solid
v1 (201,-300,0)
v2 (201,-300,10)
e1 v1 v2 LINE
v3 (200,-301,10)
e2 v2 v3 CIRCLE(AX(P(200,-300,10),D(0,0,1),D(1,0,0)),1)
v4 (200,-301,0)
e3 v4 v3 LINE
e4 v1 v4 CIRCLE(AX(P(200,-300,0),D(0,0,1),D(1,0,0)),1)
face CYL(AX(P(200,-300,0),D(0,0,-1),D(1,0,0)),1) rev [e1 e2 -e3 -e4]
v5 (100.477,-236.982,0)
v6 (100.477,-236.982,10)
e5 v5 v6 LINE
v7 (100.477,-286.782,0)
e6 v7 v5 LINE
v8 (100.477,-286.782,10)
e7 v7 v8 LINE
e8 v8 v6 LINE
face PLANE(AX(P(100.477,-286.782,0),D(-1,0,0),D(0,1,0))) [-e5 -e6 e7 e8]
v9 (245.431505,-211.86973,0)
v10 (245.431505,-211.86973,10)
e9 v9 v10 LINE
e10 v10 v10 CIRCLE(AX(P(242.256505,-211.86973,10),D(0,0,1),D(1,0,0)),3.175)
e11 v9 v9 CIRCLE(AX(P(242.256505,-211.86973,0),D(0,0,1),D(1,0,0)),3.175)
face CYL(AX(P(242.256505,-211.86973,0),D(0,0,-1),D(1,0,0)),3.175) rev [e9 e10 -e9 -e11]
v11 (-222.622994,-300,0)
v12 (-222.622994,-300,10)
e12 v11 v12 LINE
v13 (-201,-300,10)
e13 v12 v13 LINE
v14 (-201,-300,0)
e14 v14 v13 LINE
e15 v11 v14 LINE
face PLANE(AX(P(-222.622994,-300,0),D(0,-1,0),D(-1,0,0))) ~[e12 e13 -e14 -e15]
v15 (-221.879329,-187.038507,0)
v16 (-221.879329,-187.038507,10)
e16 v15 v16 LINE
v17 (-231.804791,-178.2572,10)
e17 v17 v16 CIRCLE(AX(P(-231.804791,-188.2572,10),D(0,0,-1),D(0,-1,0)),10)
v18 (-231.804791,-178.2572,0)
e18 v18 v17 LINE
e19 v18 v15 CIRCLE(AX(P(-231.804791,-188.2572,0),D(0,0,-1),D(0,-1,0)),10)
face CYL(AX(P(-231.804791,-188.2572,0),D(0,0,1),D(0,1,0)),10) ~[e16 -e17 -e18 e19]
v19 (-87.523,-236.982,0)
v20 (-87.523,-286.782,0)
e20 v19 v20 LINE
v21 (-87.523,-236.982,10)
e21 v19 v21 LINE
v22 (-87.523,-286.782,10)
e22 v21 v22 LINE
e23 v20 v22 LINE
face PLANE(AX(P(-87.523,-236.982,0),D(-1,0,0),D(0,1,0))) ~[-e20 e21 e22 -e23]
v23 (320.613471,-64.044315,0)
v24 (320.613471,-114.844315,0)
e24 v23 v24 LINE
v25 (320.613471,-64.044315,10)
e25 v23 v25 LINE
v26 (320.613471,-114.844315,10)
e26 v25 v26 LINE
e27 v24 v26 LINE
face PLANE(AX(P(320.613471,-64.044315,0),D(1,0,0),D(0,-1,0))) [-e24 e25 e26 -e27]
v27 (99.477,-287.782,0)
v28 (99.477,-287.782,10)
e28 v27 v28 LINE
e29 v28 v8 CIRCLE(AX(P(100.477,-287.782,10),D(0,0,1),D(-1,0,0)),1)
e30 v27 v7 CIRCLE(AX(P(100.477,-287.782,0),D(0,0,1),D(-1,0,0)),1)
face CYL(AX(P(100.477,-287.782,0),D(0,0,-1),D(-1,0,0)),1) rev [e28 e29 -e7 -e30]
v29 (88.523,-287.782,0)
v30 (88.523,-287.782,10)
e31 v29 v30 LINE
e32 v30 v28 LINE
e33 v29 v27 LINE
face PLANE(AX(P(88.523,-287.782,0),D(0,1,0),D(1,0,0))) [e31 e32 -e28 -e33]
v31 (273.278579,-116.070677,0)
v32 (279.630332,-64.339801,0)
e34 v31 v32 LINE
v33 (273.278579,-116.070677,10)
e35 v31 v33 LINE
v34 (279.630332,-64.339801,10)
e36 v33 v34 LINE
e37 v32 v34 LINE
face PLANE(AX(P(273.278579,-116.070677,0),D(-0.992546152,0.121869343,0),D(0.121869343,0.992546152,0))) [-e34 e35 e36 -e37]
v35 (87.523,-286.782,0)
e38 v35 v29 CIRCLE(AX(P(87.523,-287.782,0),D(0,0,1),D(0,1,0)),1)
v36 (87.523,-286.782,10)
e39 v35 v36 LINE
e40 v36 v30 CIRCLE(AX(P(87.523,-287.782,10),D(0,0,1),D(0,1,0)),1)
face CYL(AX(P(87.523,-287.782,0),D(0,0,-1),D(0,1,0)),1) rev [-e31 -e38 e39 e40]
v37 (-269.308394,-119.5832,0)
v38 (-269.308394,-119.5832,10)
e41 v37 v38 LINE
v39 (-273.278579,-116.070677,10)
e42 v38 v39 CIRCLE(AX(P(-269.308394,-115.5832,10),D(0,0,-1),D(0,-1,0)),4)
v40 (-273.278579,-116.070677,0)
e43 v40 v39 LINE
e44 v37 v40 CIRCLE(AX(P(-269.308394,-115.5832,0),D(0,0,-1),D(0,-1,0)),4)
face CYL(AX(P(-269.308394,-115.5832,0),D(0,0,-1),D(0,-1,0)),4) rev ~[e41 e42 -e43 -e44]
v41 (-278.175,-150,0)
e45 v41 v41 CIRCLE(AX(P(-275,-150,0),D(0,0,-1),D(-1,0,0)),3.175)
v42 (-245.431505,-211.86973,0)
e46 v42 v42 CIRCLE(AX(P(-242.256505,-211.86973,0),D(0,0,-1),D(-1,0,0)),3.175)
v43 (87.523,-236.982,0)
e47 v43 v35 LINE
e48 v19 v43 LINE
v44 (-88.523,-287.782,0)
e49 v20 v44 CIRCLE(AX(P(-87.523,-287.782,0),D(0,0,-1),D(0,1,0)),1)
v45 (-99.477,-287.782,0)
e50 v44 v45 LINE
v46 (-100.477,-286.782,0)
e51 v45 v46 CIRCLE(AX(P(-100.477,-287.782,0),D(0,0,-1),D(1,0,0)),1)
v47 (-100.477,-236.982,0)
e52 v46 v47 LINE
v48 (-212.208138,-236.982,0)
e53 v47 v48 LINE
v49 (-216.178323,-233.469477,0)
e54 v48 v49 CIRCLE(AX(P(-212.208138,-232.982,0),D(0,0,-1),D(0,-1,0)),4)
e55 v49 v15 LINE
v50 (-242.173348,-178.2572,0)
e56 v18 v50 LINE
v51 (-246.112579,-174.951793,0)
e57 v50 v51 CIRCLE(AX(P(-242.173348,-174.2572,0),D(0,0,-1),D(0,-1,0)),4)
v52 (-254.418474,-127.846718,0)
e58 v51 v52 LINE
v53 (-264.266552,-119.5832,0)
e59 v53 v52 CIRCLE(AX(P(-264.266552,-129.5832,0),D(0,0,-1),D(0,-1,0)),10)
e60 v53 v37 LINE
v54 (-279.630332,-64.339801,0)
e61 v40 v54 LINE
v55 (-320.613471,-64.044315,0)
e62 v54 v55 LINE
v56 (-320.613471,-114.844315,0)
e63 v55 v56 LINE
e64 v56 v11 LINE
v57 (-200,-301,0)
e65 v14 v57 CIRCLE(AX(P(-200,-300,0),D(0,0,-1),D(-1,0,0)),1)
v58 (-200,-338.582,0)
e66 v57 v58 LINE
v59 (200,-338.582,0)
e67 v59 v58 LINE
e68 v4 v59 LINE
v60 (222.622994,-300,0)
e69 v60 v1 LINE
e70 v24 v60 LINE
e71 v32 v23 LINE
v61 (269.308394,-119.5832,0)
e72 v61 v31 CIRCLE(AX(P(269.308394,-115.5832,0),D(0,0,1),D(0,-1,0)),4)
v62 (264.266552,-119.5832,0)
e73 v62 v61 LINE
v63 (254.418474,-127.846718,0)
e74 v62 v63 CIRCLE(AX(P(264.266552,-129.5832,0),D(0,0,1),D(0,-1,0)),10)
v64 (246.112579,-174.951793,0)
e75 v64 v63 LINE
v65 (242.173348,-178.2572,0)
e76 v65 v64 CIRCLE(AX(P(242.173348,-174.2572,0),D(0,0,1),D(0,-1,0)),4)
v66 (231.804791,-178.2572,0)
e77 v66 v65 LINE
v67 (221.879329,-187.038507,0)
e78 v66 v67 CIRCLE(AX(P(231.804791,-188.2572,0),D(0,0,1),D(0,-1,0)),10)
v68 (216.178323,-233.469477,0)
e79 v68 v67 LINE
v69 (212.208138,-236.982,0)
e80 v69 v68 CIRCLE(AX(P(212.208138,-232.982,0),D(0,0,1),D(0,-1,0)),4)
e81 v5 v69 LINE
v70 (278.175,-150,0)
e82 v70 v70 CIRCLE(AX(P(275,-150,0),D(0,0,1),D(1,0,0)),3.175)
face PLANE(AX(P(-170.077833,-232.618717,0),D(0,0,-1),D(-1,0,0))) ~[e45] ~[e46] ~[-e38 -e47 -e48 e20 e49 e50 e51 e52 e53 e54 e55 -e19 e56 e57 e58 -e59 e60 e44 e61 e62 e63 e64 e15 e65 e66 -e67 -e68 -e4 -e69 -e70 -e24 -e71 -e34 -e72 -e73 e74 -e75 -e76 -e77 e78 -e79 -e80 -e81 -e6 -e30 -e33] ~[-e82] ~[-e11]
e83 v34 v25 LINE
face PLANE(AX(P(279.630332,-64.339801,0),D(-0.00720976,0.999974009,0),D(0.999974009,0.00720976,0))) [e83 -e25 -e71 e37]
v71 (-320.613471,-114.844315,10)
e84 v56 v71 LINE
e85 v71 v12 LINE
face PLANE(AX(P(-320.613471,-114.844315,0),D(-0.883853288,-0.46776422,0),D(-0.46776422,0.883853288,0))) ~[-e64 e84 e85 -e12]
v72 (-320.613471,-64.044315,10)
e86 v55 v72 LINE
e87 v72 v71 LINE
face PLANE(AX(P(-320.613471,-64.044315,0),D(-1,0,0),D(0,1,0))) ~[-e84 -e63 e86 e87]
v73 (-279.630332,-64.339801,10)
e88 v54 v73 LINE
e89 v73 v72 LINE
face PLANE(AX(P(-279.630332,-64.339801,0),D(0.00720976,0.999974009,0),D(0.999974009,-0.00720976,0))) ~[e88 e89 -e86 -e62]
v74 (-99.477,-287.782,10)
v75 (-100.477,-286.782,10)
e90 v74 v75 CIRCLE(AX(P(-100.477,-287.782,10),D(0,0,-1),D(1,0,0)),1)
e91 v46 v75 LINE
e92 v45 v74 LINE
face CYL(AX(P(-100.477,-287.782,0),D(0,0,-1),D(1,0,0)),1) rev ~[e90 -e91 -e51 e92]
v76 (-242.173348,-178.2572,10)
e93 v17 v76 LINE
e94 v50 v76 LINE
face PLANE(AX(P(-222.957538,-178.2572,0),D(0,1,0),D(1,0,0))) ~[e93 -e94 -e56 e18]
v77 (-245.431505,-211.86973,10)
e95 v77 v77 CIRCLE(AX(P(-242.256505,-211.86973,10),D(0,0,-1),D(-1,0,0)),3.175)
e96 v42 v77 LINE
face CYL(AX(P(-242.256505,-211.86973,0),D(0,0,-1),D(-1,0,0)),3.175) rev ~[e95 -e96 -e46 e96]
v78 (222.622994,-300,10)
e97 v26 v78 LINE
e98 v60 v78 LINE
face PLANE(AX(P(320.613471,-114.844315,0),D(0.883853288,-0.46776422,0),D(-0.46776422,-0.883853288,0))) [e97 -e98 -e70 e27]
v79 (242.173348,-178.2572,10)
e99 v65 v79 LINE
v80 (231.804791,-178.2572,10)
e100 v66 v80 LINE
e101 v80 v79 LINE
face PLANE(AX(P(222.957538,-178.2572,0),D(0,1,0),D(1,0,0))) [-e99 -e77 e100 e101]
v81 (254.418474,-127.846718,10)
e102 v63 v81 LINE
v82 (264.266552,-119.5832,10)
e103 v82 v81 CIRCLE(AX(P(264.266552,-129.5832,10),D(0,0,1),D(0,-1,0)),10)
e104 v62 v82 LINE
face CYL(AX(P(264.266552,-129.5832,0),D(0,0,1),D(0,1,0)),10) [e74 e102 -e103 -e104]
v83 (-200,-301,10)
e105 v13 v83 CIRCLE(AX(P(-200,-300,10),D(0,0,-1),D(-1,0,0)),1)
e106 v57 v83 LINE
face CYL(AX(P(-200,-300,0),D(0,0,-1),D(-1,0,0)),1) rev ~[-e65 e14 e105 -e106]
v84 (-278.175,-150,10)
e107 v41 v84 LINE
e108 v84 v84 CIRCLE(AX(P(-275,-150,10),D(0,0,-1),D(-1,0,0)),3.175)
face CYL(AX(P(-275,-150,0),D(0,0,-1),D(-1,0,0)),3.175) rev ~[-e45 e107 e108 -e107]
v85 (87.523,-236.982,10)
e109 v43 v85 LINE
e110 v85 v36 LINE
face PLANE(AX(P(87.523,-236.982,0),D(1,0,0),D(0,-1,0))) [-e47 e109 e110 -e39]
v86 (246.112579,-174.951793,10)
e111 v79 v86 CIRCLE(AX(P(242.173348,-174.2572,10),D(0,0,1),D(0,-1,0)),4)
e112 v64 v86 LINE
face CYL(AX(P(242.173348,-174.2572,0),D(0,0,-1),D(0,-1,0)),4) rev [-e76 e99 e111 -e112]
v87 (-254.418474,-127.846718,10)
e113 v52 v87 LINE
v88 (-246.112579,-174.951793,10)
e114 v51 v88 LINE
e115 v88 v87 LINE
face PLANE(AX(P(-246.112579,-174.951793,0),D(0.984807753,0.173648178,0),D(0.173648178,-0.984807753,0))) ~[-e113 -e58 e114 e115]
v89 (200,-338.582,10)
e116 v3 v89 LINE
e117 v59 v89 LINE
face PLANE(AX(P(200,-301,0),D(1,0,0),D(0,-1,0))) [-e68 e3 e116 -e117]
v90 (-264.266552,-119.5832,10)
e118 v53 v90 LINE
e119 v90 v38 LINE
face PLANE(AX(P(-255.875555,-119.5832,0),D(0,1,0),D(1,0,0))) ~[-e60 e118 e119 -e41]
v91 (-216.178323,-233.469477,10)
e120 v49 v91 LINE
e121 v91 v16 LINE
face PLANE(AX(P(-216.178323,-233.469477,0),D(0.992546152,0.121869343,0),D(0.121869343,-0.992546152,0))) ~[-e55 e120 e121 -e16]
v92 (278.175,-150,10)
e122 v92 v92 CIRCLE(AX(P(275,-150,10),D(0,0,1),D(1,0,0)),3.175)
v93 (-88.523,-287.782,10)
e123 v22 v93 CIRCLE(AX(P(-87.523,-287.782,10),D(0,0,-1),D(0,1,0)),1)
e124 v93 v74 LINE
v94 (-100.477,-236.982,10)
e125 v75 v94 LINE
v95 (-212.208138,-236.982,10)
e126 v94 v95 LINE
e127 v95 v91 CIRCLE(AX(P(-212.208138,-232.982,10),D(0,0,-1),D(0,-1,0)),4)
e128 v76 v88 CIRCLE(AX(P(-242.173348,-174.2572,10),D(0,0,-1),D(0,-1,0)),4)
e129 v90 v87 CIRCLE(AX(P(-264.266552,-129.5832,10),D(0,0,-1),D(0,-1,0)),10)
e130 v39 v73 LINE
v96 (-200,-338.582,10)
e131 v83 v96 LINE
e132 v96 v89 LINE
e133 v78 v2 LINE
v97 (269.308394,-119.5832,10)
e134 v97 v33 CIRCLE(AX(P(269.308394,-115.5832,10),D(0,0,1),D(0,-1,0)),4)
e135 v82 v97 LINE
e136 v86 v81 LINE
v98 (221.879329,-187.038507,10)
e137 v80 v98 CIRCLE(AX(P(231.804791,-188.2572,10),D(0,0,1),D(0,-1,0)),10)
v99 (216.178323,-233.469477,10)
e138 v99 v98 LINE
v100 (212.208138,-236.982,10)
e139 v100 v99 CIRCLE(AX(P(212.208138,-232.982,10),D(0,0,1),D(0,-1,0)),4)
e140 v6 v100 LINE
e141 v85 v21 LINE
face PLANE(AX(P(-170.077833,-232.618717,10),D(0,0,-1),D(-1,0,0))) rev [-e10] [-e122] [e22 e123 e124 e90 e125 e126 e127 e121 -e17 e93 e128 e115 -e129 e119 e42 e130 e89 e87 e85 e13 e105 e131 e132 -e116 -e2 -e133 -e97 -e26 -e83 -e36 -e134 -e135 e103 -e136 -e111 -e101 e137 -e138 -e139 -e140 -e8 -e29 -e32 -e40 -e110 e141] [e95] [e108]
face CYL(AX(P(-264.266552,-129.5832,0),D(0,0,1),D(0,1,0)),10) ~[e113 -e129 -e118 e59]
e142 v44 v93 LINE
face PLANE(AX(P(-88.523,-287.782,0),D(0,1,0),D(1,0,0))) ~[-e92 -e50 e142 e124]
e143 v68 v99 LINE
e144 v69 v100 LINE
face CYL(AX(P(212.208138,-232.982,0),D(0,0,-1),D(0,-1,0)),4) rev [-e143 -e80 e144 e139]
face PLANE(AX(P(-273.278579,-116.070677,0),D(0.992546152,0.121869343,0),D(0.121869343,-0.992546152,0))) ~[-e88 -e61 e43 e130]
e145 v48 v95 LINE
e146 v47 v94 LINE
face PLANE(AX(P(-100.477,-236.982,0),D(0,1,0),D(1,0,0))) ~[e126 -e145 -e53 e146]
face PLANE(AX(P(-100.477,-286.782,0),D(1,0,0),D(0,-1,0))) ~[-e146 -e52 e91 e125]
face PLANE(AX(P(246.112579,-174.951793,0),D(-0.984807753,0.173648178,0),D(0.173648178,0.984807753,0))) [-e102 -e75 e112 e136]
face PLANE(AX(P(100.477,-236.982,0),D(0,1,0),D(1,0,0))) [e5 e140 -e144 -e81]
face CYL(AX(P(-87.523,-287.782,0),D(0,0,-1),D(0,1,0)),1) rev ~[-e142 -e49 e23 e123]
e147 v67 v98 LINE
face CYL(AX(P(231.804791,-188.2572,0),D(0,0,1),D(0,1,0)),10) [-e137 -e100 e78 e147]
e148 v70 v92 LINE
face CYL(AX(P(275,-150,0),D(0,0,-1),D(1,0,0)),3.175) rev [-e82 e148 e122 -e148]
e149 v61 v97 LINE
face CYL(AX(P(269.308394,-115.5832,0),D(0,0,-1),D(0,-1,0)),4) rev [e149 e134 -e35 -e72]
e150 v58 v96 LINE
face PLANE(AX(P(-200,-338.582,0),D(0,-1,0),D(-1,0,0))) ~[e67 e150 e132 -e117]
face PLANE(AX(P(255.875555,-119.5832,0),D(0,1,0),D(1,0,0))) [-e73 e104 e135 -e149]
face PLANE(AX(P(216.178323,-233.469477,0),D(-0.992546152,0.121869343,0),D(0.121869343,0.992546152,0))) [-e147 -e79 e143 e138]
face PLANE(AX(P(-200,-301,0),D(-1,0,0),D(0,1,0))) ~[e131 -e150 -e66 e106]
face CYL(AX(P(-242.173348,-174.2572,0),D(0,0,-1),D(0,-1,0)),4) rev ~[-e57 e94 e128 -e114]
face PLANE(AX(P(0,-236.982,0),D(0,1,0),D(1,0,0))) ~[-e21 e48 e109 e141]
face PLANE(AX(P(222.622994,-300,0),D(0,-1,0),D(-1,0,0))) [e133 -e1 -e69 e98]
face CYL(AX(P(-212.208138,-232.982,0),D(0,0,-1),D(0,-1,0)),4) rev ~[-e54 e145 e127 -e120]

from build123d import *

# Parameters (mm, degrees)
SKETCH2_R            = 3.175
BOSS_EXTRUDE1_DEPTH  = 10
FILLET1_R            = 10
FILLET1_OF_MIRROR1_R = 10


with BuildPart() as part:
    # Sketch2 → Boss-Extrude1 (new body)
    with BuildSketch(Plane.XY):
        with BuildLine():
            Line((222.622994392, -300), (320.613470585, -114.844314923))
            Line((320.613470585, -114.844314923), (320.613470585, -64.044314923))
            Line((320.613470585, -64.044314923), (279.630331697, -64.339801211))
            Line((279.630331697, -64.339801211), (273.278578782, -116.070677374))
            ThreePointArc((273.278578782, -116.070677374), (271.958874368, -118.579022883), (269.308394175, -119.5832))
            Line((269.308394175, -119.5832), (255.875555496, -119.5832))
            Line((255.875555496, -119.5832), (246.112578717, -174.951792711))
            ThreePointArc((246.112578717, -174.951792711), (244.744498144, -177.321377772), (242.173347705, -178.2572))
            Line((242.173347705, -178.2572), (222.957537911, -178.2572))
            Line((222.957537911, -178.2572), (216.178322678, -233.469477374))
            ThreePointArc((216.178322678, -233.469477374), (214.858618264, -235.977822883), (212.208138071, -236.982))
            Line((212.208138071, -236.982), (100.477, -236.982))
            Line((100.477, -236.982), (100.477, -286.782))
            ThreePointArc((100.477, -286.782), (101.184106781, -288.489106781), (99.477, -287.782))
            Line((99.477, -287.782), (88.523, -287.782))
            ThreePointArc((88.523, -287.782), (86.815893219, -288.489106781), (87.523, -286.782))
            Line((87.523, -286.782), (87.523, -236.982))
            Line((87.523, -236.982), (0, -236.982))
            Line((0, -236.982), (0, -338.582))
            Line((0, -338.582), (200, -338.582))
            Line((200, -338.582), (200, -301))
            ThreePointArc((200, -301), (199.292893219, -299.292893219), (201, -300))
            Line((201, -300), (222.622994392, -300))
        make_face()
        with Locations((242.256504613, -211.869730158)):
            Circle(SKETCH2_R, mode=Mode.SUBTRACT)
        with Locations((275, -150)):
            Circle(SKETCH2_R, mode=Mode.SUBTRACT)
    boss_extrude1 = extrude(amount=BOSS_EXTRUDE1_DEPTH)

    # Fillet1
    fillet1_edges = [part.edges().sort_by_distance(p)[0] for p in [
        (222.957537911, -178.2572, 5),
        (255.875555496, -119.5832, 5),
    ]]
    fillet(fillet1_edges, radius=FILLET1_R)

    # Mirror1: Boss-Extrude1 across plane
    add(boss_extrude1.mirror(Plane(origin=(0, 0, 10), x_dir=(0, 0, 1), z_dir=(1, 0, 0))))

    # Fillet1 of Mirror1
    fillet1_of_mirror1_edges = [part.edges().sort_by_distance(p)[0] for p in [
        (-222.957537911, -178.2572, 5),
        (-255.875555496, -119.5832, 5),
    ]]
    fillet(fillet1_of_mirror1_edges, radius=FILLET1_OF_MIRROR1_R)


solid = part.part
